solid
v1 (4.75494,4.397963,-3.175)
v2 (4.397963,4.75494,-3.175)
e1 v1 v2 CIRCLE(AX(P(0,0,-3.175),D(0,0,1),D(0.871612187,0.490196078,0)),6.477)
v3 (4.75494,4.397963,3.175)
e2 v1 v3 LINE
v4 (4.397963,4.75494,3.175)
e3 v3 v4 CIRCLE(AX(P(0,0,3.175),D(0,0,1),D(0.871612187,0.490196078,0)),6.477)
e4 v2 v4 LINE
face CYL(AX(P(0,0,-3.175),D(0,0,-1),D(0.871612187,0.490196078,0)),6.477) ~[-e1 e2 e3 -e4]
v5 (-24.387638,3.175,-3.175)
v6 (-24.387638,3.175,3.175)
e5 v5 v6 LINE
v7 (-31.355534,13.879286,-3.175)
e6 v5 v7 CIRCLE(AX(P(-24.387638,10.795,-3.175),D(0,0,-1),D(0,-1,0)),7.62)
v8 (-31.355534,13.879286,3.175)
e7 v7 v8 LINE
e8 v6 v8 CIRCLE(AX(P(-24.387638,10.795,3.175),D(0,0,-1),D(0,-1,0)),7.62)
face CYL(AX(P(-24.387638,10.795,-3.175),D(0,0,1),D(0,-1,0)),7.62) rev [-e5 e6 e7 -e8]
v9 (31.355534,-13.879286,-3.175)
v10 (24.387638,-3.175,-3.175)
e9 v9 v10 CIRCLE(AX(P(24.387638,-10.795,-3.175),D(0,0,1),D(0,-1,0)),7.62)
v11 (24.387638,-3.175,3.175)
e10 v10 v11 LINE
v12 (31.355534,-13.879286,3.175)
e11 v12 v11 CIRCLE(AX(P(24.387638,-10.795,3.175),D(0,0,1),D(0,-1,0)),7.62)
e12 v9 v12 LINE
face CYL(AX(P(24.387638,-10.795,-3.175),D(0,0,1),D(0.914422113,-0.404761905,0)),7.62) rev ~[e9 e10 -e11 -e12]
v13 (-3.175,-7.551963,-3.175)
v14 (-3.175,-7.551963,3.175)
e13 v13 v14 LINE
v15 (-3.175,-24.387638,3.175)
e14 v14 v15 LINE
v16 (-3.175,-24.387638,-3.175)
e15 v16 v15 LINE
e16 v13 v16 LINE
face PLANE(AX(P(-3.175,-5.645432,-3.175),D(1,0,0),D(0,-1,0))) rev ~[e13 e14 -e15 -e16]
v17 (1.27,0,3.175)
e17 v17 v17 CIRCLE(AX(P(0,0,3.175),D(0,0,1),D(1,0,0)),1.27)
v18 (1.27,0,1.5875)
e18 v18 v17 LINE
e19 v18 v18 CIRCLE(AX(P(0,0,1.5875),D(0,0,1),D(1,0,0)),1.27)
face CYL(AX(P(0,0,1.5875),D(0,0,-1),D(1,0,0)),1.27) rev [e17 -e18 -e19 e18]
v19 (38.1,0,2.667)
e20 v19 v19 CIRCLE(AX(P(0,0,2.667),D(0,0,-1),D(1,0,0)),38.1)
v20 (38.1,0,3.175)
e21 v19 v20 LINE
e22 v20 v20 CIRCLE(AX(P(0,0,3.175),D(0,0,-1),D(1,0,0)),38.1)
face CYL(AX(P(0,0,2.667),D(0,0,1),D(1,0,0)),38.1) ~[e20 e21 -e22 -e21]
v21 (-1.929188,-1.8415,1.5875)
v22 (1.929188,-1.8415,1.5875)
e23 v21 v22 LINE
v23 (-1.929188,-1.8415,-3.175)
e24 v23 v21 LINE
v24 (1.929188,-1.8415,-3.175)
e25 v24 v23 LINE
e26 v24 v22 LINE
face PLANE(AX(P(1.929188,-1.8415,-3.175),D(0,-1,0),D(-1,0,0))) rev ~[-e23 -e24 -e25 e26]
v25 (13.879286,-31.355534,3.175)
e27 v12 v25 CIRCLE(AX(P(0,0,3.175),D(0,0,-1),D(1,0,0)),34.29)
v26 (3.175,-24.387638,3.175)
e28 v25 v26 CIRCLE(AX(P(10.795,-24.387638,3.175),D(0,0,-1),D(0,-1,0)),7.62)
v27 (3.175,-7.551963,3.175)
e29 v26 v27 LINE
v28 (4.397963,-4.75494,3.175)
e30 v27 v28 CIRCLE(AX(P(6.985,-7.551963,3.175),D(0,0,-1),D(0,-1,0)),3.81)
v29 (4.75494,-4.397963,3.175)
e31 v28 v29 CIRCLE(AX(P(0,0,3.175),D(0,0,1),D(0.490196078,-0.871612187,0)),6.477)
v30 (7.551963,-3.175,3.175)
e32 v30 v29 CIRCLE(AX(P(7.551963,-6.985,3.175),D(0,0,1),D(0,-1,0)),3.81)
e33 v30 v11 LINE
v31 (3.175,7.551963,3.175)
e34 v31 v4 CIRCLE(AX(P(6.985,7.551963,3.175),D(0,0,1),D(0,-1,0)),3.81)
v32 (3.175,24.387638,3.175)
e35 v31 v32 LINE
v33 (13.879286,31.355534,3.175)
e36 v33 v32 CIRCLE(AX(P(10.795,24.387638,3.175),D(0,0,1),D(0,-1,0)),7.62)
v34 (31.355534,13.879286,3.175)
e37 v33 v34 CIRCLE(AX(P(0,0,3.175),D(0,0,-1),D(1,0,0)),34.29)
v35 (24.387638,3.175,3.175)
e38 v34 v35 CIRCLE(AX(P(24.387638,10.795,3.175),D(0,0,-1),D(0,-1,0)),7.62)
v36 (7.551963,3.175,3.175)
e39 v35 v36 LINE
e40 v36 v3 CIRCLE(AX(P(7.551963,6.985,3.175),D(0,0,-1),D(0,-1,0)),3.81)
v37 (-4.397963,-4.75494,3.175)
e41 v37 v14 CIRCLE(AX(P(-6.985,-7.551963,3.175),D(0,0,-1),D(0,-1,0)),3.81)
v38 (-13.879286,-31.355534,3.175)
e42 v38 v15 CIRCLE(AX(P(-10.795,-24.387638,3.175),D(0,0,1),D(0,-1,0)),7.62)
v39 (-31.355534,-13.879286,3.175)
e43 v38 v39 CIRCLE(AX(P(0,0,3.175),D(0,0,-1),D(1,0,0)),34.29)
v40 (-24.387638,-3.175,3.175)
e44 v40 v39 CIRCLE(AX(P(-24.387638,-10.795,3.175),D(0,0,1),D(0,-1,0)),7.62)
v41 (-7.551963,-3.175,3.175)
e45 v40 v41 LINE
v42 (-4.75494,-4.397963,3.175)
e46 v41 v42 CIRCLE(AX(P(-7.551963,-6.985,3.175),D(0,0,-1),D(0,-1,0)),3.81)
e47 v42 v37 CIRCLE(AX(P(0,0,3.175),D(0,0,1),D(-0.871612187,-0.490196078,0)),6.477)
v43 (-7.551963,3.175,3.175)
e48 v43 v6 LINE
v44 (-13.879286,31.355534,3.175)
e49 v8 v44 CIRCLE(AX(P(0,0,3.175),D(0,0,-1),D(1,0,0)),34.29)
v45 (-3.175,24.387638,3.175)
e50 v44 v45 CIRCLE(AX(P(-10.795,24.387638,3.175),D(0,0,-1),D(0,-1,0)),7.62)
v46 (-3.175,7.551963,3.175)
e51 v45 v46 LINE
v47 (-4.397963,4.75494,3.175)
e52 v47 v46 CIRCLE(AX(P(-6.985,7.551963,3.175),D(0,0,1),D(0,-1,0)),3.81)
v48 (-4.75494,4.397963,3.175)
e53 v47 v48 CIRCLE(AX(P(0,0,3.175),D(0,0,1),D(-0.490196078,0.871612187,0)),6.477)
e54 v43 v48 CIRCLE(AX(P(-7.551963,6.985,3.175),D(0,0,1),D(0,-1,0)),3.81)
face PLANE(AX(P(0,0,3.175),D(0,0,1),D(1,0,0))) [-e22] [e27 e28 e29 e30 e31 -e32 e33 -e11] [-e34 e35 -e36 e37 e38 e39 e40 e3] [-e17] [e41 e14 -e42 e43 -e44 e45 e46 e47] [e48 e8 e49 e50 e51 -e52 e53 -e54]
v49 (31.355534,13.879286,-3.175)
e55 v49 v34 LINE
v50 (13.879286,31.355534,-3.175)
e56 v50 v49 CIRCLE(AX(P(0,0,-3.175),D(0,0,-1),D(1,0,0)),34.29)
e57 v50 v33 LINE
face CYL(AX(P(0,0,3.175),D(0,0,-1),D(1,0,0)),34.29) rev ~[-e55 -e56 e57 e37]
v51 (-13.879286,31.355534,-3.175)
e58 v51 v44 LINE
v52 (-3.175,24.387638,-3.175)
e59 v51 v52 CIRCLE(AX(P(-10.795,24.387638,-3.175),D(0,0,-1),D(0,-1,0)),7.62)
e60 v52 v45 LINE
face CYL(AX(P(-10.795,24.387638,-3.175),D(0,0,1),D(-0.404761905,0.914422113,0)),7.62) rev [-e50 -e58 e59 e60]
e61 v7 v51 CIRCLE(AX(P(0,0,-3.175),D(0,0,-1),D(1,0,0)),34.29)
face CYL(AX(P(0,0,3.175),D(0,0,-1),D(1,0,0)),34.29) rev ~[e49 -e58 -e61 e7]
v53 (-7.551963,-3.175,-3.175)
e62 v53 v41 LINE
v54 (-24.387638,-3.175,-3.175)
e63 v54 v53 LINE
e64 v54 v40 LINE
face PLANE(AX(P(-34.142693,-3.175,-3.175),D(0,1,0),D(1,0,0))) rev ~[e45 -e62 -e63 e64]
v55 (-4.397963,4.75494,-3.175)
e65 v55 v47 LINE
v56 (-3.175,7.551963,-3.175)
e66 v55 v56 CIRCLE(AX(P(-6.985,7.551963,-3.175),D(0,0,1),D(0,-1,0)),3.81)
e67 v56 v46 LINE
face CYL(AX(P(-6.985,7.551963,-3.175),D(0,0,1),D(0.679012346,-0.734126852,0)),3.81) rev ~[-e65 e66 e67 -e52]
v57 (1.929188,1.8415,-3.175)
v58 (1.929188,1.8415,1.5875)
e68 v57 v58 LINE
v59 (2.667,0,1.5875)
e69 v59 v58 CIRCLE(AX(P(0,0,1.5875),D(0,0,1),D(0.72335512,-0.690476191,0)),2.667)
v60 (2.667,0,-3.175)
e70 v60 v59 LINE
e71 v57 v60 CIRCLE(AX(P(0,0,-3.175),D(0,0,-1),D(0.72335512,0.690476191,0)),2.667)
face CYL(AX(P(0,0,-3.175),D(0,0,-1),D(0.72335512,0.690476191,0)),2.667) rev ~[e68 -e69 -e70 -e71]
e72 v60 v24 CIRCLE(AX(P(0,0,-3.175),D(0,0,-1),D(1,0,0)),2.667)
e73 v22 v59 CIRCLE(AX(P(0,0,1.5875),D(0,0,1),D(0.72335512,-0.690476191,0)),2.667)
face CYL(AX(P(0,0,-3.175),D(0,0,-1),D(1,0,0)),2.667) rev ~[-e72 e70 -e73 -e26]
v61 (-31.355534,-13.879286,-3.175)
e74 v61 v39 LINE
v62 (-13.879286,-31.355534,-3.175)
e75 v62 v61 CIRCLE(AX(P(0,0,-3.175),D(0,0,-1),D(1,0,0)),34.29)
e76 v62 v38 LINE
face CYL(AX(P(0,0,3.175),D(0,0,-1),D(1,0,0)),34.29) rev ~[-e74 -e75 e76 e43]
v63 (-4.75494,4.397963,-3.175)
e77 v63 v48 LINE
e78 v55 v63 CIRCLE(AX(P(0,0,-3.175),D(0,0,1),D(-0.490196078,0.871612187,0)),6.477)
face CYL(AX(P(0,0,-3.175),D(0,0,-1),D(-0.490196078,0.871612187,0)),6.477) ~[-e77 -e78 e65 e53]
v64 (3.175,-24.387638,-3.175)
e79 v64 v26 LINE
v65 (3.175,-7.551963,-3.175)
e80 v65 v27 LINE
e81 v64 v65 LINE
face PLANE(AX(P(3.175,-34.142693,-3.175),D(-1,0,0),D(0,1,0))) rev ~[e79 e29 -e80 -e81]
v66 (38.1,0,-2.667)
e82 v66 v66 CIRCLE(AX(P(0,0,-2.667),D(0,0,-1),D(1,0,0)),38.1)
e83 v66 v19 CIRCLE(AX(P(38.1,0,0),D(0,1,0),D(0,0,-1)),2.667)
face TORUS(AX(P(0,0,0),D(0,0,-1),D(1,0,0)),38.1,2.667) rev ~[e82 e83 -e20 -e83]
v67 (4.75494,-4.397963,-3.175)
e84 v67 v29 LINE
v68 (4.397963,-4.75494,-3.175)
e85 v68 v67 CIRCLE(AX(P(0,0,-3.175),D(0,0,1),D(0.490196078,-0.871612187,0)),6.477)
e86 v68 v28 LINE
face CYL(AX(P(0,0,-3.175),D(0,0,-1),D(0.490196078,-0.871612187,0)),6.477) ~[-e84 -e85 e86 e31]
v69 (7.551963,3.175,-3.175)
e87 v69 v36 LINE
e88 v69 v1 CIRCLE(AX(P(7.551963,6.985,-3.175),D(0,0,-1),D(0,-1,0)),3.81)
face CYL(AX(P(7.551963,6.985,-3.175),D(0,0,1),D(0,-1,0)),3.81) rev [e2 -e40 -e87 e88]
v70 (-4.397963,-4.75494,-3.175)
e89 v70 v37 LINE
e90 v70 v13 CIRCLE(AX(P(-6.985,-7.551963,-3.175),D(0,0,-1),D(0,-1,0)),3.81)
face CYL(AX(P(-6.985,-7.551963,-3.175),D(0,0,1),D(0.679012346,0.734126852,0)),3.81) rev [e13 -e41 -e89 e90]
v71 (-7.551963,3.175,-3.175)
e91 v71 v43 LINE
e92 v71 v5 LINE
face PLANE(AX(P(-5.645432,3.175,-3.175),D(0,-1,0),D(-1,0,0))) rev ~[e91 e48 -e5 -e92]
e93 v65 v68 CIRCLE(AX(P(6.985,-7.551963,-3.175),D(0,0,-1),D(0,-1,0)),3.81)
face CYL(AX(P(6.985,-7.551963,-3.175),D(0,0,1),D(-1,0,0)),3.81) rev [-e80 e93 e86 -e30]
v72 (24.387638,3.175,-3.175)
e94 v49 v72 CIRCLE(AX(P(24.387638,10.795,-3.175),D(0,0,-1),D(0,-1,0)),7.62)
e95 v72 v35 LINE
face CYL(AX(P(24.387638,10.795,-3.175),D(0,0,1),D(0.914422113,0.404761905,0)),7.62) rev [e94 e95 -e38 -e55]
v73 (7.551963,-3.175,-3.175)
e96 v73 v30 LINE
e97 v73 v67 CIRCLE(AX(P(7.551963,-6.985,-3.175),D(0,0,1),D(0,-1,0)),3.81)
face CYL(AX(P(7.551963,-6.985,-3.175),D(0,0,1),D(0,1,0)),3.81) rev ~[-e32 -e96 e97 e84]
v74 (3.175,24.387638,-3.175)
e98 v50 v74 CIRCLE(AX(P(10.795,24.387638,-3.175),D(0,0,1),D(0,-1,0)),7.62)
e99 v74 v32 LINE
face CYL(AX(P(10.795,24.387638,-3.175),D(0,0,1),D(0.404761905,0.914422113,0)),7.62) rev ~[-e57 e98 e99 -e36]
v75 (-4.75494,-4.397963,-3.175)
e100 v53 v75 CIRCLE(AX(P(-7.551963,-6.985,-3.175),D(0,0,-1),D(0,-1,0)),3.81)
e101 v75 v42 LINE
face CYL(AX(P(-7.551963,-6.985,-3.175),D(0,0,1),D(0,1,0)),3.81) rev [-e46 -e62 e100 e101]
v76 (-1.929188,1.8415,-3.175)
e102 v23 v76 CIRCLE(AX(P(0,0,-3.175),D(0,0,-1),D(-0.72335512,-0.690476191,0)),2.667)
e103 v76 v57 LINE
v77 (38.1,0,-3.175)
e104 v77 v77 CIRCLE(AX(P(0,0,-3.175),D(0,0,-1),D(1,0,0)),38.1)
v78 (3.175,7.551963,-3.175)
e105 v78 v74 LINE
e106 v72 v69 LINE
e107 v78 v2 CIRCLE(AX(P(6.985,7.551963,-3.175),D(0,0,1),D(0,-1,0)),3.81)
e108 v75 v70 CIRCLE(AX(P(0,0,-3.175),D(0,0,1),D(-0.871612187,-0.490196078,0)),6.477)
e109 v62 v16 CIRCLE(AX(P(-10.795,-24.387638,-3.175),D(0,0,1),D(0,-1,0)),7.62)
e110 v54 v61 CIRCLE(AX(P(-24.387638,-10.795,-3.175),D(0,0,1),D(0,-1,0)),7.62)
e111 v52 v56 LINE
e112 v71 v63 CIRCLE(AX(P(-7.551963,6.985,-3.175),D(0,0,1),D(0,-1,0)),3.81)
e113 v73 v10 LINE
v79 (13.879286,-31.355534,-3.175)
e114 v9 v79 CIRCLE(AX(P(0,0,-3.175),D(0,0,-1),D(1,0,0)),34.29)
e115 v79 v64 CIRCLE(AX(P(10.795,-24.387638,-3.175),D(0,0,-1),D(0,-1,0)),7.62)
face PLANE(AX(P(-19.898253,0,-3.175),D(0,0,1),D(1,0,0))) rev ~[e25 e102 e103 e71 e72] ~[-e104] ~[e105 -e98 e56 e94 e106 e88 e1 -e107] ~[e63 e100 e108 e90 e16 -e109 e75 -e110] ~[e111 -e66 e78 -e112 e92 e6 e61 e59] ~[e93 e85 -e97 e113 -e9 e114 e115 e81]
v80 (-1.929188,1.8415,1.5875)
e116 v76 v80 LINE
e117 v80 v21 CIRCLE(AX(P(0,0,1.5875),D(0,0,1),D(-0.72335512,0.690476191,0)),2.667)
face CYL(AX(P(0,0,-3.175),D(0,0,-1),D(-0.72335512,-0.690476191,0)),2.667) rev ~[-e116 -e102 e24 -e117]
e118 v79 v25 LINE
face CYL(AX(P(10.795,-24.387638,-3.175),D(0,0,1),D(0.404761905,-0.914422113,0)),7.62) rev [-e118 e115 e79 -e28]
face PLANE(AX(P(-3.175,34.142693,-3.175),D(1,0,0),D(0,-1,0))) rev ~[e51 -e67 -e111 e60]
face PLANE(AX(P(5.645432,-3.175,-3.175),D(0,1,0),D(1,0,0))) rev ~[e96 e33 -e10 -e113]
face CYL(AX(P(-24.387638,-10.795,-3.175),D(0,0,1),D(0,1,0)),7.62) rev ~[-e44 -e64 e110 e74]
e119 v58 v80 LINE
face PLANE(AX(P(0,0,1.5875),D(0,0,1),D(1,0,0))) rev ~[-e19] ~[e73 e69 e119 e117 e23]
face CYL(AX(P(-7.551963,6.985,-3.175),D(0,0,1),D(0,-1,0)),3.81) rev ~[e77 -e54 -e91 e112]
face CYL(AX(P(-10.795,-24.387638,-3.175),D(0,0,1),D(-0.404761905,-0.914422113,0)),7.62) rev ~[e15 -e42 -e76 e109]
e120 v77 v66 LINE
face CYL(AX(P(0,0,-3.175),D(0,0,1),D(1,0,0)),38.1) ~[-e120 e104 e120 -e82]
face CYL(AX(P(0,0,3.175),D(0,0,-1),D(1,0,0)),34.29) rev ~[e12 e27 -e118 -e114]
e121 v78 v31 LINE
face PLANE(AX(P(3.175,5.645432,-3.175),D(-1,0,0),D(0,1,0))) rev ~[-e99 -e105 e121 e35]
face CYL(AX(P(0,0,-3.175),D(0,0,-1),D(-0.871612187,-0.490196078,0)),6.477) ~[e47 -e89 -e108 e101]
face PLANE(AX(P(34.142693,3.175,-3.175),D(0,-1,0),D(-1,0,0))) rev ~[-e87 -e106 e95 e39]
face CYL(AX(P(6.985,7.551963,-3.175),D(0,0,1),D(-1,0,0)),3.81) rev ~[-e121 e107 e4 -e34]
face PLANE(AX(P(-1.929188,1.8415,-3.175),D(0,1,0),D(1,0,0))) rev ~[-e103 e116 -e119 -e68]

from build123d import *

# Parameters (mm, degrees)
BOSS_EXTRUDE1_START = -6.35
SKETCH3_W           = 6.35
SKETCH3_H           = 6.35
BOSS_EXTRUDE1_DEPTH = 6.35
FILLET1_R           = 7.62
FILLET2_R           = 3.81
BOSS_EXTRUDE2_START = -1.5875
SKETCH4_R           = 1.27
BOSS_EXTRUDE2_DEPTH = 1.5875


with BuildPart() as part:
    # Sketch2 → Revolve1 (revolve)
    with BuildSketch(Plane(origin=(0, 0, 0), x_dir=(1, 0, 0), z_dir=(0, 1, 0))):
        with BuildLine():
            ThreePointArc((38.1, 2.667), (35.433, 0), (38.1, -2.667))
            Line((38.1, -2.667), (38.1, -3.175))
            Line((38.1, -3.175), (34.29, -3.175))
            Line((34.29, -3.175), (34.29, 3.175))
            Line((34.29, 3.175), (38.1, 3.175))
            Line((38.1, 3.175), (38.1, 2.667))
        make_face()
    revolve(axis=Axis((0, 0, 2.667), (0, 0, -1)))

    # Sketch3 → Boss-Extrude1 (add)
    # profile 1 of 19: a face of its own
    with BuildSketch(Plane.XY.offset(3.175).offset(BOSS_EXTRUDE1_START)):
        with BuildLine():
            ThreePointArc((-34.142692849, 3.175), (-34.29, 0), (-34.142692849, -3.175))
            Line((-34.142692849, -3.175), (-5.645432136, -3.175))
            ThreePointArc((-5.645432136, -3.175), (-6.477, 0), (-5.645432136, 3.175))
            Line((-5.645432136, 3.175), (-34.142692849, 3.175))
        make_face()
    # profile 2 of 19: a face of its own
    with BuildSketch(Plane.XY.offset(3.175).offset(BOSS_EXTRUDE1_START)):
        with BuildLine():
            Line((5.645432136, -3.175), (34.142692849, -3.175))
            ThreePointArc((34.142692849, -3.175), (34.253153415, -1.589207695), (34.29, 0))
            ThreePointArc((34.29, 0), (34.253153415, 1.589207695), (34.142692849, 3.175))
            Line((34.142692849, 3.175), (5.645432136, 3.175))
            ThreePointArc((5.645432136, 3.175), (6.265660099, 1.641046169), (6.477, 0))
            ThreePointArc((6.477, 0), (6.265660099, -1.641046169), (5.645432136, -3.175))
        make_face()
    # profile 3 of 19: a face of its own
    with BuildSketch(Plane.XY.offset(3.175).offset(BOSS_EXTRUDE1_START)):
        with BuildLine():
            ThreePointArc((-5.645432136, 3.175), (-6.477, 0), (-5.645432136, -3.175))
            Line((-5.645432136, -3.175), (-3.175, -3.175))
            Line((-3.175, -3.175), (-3.175, 3.175))
            Line((-3.175, 3.175), (-5.645432136, 3.175))
        make_face()
    # profile 4 of 19: a face of its own
    with BuildSketch(Plane.XY.offset(3.175).offset(BOSS_EXTRUDE1_START)):
        with BuildLine():
            Line((-3.175, 5.645432136), (-3.175, 3.175))
            Line((-3.175, 3.175), (3.175, 3.175))
            Line((3.175, 3.175), (3.175, 5.645432136))
            ThreePointArc((3.175, 5.645432136), (0, 6.477), (-3.175, 5.645432136))
        make_face()
    # profile 5 of 19: a face of its own
    with BuildSketch(Plane.XY.offset(3.175).offset(BOSS_EXTRUDE1_START)):
        with BuildLine():
            Line((-3.175, -5.645432136), (-3.175, -34.142692849))
            ThreePointArc((-3.175, -34.142692849), (0, -34.29), (3.175, -34.142692849))
            Line((3.175, -34.142692849), (3.175, -5.645432136))
            ThreePointArc((3.175, -5.645432136), (0, -6.477), (-3.175, -5.645432136))
        make_face()
    # profile 6 of 19: a face of its own
    with BuildSketch(Plane.XY.offset(3.175).offset(BOSS_EXTRUDE1_START)):
        with BuildLine():
            ThreePointArc((3.175, 34.142692849), (0, 34.29), (-3.175, 34.142692849))
            Line((-3.175, 34.142692849), (-3.175, 5.645432136))
            ThreePointArc((-3.175, 5.645432136), (0, 6.477), (3.175, 5.645432136))
            Line((3.175, 5.645432136), (3.175, 34.142692849))
        make_face()
    # profile 7 of 19: a face of its own
    with BuildSketch(Plane.XY.offset(3.175).offset(BOSS_EXTRUDE1_START)):
        with BuildLine():
            ThreePointArc((-3.175, 5.645432136), (-4.579930622, 4.579930622), (-5.645432136, 3.175))
            Line((-5.645432136, 3.175), (-3.175, 3.175))
            Line((-3.175, 3.175), (-3.175, 5.645432136))
        make_face()
    # profile 8 of 19: a face of its own
    with BuildSketch(Plane.XY.offset(3.175).offset(BOSS_EXTRUDE1_START)):
        with BuildLine():
            Line((3.175, 5.645432136), (3.175, 3.175))
            Line((3.175, 3.175), (5.645432136, 3.175))
            ThreePointArc((5.645432136, 3.175), (4.579930622, 4.579930622), (3.175, 5.645432136))
        make_face()
    # profile 9 of 19: a face of its own
    with BuildSketch(Plane.XY.offset(3.175).offset(BOSS_EXTRUDE1_START)):
        with BuildLine():
            Line((3.175, 3.175), (3.175, -3.175))
            Line((3.175, -3.175), (5.645432136, -3.175))
            ThreePointArc((5.645432136, -3.175), (6.265660099, -1.641046169), (6.477, 0))
            ThreePointArc((6.477, 0), (6.265660099, 1.641046169), (5.645432136, 3.175))
            Line((5.645432136, 3.175), (3.175, 3.175))
        make_face()
    # profile 10 of 19: a face of its own
    with BuildSketch(Plane.XY.offset(3.175).offset(BOSS_EXTRUDE1_START)):
        with BuildLine():
            ThreePointArc((-34.142692849, 3.175), (-34.29, 0), (-34.142692849, -3.175))
            Line((-34.142692849, -3.175), (-5.645432136, -3.175))
            ThreePointArc((-5.645432136, -3.175), (-6.477, 0), (-5.645432136, 3.175))
            Line((-5.645432136, 3.175), (-34.142692849, 3.175))
        make_face()
    # profile 11 of 19: a face of its own
    with BuildSketch(Plane.XY.offset(3.175).offset(BOSS_EXTRUDE1_START)):
        with BuildLine():
            Line((5.645432136, -3.175), (34.142692849, -3.175))
            ThreePointArc((34.142692849, -3.175), (34.253153415, -1.589207695), (34.29, 0))
            ThreePointArc((34.29, 0), (34.253153415, 1.589207695), (34.142692849, 3.175))
            Line((34.142692849, 3.175), (5.645432136, 3.175))
            ThreePointArc((5.645432136, 3.175), (6.265660099, 1.641046169), (6.477, 0))
            ThreePointArc((6.477, 0), (6.265660099, -1.641046169), (5.645432136, -3.175))
        make_face()
    # profile 12 of 19: a face of its own
    with BuildSketch(Plane.XY.offset(3.175).offset(BOSS_EXTRUDE1_START)):
        with BuildLine():
            Line((-3.175, -5.645432136), (-3.175, -34.142692849))
            ThreePointArc((-3.175, -34.142692849), (0, -34.29), (3.175, -34.142692849))
            Line((3.175, -34.142692849), (3.175, -5.645432136))
            ThreePointArc((3.175, -5.645432136), (0, -6.477), (-3.175, -5.645432136))
        make_face()
    # profile 13 of 19: a face of its own
    with BuildSketch(Plane.XY.offset(3.175).offset(BOSS_EXTRUDE1_START)):
        with BuildLine():
            ThreePointArc((3.175, 34.142692849), (0, 34.29), (-3.175, 34.142692849))
            Line((-3.175, 34.142692849), (-3.175, 5.645432136))
            ThreePointArc((-3.175, 5.645432136), (0, 6.477), (3.175, 5.645432136))
            Line((3.175, 5.645432136), (3.175, 34.142692849))
        make_face()
    # profile 14 of 19: a face of its own
    with BuildSketch(Plane.XY.offset(3.175).offset(BOSS_EXTRUDE1_START)):
        with BuildLine():
            Line((3.175, -3.175), (-3.175, -3.175))
            Line((-3.175, -3.175), (-3.175, -5.645432136))
            ThreePointArc((-3.175, -5.645432136), (0, -6.477), (3.175, -5.645432136))
            Line((3.175, -5.645432136), (3.175, -3.175))
        make_face()
    # profile 15 of 19: a face of its own
    with BuildSketch(Plane.XY.offset(3.175).offset(BOSS_EXTRUDE1_START)):
        with BuildLine():
            Line((-3.175, -3.175), (-5.645432136, -3.175))
            ThreePointArc((-5.645432136, -3.175), (-4.579930622, -4.579930622), (-3.175, -5.645432136))
            Line((-3.175, -5.645432136), (-3.175, -3.175))
        make_face()
    # profile 16 of 19: a face of its own
    with BuildSketch(Plane.XY.offset(3.175).offset(BOSS_EXTRUDE1_START)):
        with BuildLine():
            Line((5.645432136, -3.175), (3.175, -3.175))
            Line((3.175, -3.175), (3.175, -5.645432136))
            ThreePointArc((3.175, -5.645432136), (4.579930622, -4.579930622), (5.645432136, -3.175))
        make_face()
    # profile 17 of 19: a face of its own
    with BuildSketch(Plane.XY.offset(3.175).offset(BOSS_EXTRUDE1_START)):
        Rectangle(SKETCH3_W, SKETCH3_H)
        with BuildLine():
            ThreePointArc((-1.929188106, 1.8415), (0, 2.667), (1.929188106, 1.8415))
            ThreePointArc((1.929188106, 1.8415), (2.475685125, 0.991903302), (2.667, 0))
            ThreePointArc((2.667, 0), (2.475685125, -0.991903302), (1.929188106, -1.8415))
            ThreePointArc((1.929188106, -1.8415), (0, -2.667), (-1.929188106, -1.8415))
            ThreePointArc((-1.929188106, -1.8415), (-2.667, 0), (-1.929188106, 1.8415))
        make_face(mode=Mode.SUBTRACT)
    # profile 18 of 19: a face of its own
    with BuildSketch(Plane.XY.offset(3.175).offset(BOSS_EXTRUDE1_START)):
        with BuildLine():
            Line((-1.929188106, 1.8415), (1.929188106, 1.8415))
            ThreePointArc((1.929188106, 1.8415), (0, 2.667), (-1.929188106, 1.8415))
        make_face()
    # profile 19 of 19: a face of its own
    with BuildSketch(Plane.XY.offset(3.175).offset(BOSS_EXTRUDE1_START)):
        with BuildLine():
            Line((1.929188106, -1.8415), (-1.929188106, -1.8415))
            ThreePointArc((-1.929188106, -1.8415), (0, -2.667), (1.929188106, -1.8415))
        make_face()
    extrude(amount=BOSS_EXTRUDE1_DEPTH)

    # Fillet1
    fillet1_edges = [part.edges().sort_by_distance(p)[0] for p in [
        (34.142692849, -3.175, 0),
        (34.142692849, 3.175, 0),
        (3.175, 34.142692849, 0),
        (-3.175, 34.142692849, 0),
        (-34.142692849, 3.175, 0),
        (-34.142692849, -3.175, 0),
        (-3.175, -34.142692849, 0),
        (3.175, -34.142692849, 0),
    ]]
    fillet(fillet1_edges, radius=FILLET1_R)

    # Fillet2
    fillet2_edges = [part.edges().sort_by_distance(p)[0] for p in [
        (5.645432136, 3.175, 0),
        (3.175, 5.645432136, 0),
        (-3.175, 5.645432136, 0),
        (-5.645432136, 3.175, 0),
        (-5.645432136, -3.175, 0),
        (-3.175, -5.645432136, 0),
        (3.175, -5.645432136, 0),
        (5.645432136, -3.175, 0),
    ]]
    fillet(fillet2_edges, radius=FILLET2_R)

    # Sketch4 → Boss-Extrude2 (add)
    with BuildSketch(Plane.XY.offset(3.175).offset(BOSS_EXTRUDE2_START)):
        with BuildLine():
            Line((1.929188106, 1.8415), (-1.929188106, 1.8415))
            ThreePointArc((-1.929188106, 1.8415), (-2.667, 0), (-1.929188106, -1.8415))
            Line((-1.929188106, -1.8415), (1.929188106, -1.8415))
            ThreePointArc((1.929188106, -1.8415), (2.667, 0), (1.929188106, 1.8415))
        make_face()
        Circle(SKETCH4_R, mode=Mode.SUBTRACT)
    extrude(amount=BOSS_EXTRUDE2_DEPTH)


solid = part.part
